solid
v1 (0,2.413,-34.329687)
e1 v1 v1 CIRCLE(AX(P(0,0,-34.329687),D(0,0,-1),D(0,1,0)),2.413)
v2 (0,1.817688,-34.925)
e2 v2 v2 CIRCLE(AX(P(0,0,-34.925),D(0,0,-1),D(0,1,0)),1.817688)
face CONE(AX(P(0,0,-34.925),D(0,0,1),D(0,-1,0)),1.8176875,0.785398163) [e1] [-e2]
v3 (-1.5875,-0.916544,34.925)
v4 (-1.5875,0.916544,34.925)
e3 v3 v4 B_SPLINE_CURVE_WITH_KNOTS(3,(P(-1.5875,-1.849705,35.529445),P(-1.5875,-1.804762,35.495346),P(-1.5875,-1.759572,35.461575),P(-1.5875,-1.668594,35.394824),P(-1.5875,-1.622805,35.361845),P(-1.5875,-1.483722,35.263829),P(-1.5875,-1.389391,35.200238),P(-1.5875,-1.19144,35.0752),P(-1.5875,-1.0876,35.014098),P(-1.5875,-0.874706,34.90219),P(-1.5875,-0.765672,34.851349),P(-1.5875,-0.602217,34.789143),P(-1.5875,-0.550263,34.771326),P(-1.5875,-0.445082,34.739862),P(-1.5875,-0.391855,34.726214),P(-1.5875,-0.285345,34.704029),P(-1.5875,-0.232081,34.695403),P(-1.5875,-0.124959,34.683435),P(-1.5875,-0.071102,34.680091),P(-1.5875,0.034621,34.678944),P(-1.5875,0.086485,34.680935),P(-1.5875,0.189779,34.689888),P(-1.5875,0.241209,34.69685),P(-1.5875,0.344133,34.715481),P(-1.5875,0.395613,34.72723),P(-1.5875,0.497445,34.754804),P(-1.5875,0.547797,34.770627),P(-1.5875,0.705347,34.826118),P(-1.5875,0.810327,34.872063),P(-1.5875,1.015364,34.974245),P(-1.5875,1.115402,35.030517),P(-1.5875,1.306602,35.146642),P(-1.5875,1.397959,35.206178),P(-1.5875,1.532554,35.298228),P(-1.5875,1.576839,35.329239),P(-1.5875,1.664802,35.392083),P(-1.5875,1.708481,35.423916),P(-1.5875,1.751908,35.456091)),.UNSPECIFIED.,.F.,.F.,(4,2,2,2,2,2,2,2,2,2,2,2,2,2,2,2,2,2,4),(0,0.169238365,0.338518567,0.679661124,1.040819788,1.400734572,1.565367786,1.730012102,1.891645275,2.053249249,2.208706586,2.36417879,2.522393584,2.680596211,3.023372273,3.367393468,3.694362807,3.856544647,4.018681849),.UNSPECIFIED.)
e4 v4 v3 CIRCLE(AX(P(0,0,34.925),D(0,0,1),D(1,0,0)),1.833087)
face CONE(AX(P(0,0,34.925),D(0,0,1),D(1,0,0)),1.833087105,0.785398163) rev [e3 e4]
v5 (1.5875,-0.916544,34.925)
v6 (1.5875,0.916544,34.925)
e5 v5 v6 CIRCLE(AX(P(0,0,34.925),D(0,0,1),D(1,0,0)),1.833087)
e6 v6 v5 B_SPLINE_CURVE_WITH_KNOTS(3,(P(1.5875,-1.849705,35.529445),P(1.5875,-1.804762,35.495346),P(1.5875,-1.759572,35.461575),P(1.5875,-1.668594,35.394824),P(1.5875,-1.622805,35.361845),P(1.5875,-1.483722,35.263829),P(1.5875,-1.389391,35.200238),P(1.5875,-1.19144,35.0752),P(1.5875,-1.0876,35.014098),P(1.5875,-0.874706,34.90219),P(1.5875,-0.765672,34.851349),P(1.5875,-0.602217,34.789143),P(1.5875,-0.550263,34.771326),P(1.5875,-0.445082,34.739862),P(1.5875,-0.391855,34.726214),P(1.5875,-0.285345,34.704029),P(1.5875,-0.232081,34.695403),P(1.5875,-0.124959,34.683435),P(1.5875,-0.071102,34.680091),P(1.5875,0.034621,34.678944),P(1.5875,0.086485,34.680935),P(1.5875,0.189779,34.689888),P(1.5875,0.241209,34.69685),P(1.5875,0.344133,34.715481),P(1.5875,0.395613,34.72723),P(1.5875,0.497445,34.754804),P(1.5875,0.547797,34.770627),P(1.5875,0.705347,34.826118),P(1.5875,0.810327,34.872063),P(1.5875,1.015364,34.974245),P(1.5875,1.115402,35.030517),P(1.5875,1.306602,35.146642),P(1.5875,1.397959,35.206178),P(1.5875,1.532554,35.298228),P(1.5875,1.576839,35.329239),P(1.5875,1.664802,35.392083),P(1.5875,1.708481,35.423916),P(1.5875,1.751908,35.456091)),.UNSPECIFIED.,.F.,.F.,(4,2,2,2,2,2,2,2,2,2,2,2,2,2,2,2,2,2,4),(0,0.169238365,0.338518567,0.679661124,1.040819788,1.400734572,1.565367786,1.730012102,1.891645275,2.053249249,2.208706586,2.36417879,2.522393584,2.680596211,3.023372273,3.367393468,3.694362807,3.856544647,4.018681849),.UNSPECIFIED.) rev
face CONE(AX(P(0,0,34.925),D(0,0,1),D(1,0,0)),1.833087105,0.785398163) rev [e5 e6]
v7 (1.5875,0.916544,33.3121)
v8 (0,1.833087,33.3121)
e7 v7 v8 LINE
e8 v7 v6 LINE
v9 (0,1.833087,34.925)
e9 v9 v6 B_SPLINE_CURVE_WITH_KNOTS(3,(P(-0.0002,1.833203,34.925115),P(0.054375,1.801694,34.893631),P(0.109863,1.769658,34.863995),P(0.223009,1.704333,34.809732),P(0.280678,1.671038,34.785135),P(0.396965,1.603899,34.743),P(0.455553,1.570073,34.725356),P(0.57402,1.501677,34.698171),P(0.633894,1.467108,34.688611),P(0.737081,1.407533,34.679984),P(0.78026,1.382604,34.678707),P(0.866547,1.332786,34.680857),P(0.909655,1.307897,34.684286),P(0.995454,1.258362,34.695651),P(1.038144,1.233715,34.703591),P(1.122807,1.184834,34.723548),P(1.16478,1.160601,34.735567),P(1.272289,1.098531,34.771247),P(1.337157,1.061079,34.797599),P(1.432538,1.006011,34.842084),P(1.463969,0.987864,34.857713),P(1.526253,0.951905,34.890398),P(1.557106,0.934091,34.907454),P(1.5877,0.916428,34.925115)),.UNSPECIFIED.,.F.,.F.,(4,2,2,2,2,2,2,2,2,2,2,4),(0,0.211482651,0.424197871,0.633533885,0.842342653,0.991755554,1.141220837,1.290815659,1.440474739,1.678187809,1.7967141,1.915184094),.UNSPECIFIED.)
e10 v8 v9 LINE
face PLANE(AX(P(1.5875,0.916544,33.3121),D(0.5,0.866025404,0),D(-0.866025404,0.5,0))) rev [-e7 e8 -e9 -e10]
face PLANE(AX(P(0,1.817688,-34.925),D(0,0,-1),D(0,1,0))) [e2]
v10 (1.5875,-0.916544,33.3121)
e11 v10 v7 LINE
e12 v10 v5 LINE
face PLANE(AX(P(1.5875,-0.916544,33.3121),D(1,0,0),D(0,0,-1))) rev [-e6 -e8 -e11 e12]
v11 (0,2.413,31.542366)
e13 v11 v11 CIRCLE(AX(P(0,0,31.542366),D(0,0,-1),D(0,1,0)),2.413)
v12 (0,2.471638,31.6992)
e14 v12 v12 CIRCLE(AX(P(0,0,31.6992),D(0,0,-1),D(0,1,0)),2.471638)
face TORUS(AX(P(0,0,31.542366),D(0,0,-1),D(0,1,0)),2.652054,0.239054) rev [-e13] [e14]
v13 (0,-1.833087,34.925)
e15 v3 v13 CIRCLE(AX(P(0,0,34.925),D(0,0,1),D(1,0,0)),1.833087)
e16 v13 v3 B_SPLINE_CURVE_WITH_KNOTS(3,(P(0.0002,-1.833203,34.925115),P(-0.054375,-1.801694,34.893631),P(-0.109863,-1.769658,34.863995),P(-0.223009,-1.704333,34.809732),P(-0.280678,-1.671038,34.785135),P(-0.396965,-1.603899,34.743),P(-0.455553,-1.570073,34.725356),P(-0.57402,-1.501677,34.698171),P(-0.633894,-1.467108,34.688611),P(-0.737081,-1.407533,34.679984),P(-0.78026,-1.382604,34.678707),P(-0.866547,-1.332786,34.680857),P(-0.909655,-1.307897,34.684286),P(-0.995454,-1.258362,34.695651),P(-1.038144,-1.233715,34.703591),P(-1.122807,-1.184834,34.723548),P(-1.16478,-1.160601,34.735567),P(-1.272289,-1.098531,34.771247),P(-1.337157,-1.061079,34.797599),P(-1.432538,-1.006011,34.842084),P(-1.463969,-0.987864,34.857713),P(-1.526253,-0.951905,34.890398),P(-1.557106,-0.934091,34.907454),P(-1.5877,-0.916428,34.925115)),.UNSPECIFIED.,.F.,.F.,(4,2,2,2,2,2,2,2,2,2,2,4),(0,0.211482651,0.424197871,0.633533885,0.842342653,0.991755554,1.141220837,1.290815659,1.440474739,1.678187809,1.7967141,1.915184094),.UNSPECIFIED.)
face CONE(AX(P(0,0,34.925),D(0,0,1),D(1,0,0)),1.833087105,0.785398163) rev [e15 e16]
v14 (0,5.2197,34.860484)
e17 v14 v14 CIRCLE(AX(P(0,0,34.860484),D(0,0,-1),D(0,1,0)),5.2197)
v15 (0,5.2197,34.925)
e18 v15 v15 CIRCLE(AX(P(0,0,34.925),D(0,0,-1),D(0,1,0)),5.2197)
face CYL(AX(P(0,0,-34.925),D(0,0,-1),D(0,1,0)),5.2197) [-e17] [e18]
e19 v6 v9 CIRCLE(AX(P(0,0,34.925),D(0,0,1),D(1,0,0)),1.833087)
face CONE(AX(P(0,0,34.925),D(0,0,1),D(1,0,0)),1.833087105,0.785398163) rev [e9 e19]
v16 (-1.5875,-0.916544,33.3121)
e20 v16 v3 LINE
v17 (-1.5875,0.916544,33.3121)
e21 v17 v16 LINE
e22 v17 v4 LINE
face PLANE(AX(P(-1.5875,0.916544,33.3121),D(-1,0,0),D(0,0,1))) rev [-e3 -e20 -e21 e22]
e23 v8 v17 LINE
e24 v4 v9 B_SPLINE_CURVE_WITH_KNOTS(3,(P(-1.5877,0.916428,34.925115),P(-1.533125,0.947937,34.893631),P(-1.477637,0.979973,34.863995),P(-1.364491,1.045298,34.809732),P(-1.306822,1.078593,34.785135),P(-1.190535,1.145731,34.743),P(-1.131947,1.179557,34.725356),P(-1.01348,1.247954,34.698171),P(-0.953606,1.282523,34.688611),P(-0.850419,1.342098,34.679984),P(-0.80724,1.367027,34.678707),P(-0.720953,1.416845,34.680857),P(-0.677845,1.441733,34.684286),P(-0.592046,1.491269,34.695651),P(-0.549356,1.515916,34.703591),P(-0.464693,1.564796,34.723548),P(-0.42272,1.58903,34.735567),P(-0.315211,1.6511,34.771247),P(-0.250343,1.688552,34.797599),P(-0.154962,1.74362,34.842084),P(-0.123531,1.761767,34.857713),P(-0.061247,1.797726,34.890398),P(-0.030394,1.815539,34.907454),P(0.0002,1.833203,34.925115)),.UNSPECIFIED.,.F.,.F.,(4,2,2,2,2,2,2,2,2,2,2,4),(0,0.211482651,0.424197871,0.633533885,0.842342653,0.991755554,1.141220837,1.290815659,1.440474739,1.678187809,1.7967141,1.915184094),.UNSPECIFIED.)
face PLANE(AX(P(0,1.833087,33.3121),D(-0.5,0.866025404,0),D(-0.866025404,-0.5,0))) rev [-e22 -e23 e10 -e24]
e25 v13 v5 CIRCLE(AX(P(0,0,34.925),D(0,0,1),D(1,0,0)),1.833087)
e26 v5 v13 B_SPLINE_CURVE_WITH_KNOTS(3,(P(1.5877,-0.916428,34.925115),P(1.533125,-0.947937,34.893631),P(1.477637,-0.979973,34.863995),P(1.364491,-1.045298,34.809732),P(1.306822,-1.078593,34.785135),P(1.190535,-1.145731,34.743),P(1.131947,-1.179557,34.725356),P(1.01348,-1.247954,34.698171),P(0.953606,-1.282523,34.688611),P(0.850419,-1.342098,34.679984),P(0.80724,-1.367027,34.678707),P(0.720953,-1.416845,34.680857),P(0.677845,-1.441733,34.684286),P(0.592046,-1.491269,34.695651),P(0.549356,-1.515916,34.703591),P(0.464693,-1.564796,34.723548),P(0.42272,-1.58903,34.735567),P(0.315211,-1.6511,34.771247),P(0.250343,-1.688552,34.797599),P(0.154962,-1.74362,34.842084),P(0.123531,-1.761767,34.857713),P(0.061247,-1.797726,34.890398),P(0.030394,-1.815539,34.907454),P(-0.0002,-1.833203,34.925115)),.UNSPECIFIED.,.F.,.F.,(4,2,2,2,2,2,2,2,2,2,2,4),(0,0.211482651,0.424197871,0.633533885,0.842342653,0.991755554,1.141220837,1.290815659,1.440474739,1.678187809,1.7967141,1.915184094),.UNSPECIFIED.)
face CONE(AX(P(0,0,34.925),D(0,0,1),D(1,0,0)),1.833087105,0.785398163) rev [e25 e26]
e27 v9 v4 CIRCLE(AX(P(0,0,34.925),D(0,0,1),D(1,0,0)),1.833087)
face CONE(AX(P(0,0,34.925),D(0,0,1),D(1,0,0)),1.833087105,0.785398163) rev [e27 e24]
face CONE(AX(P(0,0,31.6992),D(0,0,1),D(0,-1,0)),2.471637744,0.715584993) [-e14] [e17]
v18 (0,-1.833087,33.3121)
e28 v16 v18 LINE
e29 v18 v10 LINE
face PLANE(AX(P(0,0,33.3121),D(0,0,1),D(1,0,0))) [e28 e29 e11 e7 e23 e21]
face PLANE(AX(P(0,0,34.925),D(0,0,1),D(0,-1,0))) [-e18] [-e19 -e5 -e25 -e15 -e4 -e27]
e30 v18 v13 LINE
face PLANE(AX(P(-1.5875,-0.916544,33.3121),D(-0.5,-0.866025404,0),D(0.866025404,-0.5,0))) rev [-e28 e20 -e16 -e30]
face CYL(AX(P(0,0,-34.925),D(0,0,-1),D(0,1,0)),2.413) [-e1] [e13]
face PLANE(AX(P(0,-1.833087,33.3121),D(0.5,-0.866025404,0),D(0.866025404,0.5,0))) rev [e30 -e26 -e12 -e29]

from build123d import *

# Parameters (mm, degrees)
SKETCH10_R         = 1.833087105
CUT_EXTRUDE2_DEPTH = 1.6129
CUT_EXTRUDE2_TAPER = 45
CUT_EXTRUDE1_DEPTH = 1.6129


with BuildPart() as part:
    # Sketch2 → Revolve1 (revolve)
    with BuildSketch(Plane(origin=(0, 0, 0), x_dir=(0, 0, -1), z_dir=(1, 0, 0))):
        with BuildLine():
            Line((-34.860484, 5.2197), (-31.6992, 2.471637744))
            ThreePointArc((-31.6992, 2.471637744), (-31.62608483, 2.428138789), (-31.542366229, 2.413))
            Line((-31.542366229, 2.413), (34.3296875, 2.413))
            Line((34.3296875, 2.413), (34.925, 1.8176875))
            Line((34.925, 1.8176875), (34.925, 0))
            Line((34.925, 0), (-34.925, 0))
            Line((-34.925, 0), (-34.925, 5.2197))
            Line((-34.925, 5.2197), (-34.860484, 5.2197))
        make_face()
    revolve(axis=Axis((0, 0, -34.925), (0, 0, 1)))

    # Sketch10 → Cut-Extrude2 (cut)
    with BuildSketch(Plane.XY.offset(34.925)):
        Circle(SKETCH10_R)
    extrude(amount=-CUT_EXTRUDE2_DEPTH, taper=CUT_EXTRUDE2_TAPER, mode=Mode.SUBTRACT)

    # Sketch9 → Cut-Extrude1 (cut)
    with BuildSketch(Plane.XY.offset(34.925)):
        Polygon((1.5875, -0.916543552), (1.5875, 0.916543552), (0, 1.833087105), (-1.5875, 0.916543552), (-1.5875, -0.916543552), (0, -1.833087105), align=None)
    extrude(amount=-CUT_EXTRUDE1_DEPTH, mode=Mode.SUBTRACT)


solid = part.part
